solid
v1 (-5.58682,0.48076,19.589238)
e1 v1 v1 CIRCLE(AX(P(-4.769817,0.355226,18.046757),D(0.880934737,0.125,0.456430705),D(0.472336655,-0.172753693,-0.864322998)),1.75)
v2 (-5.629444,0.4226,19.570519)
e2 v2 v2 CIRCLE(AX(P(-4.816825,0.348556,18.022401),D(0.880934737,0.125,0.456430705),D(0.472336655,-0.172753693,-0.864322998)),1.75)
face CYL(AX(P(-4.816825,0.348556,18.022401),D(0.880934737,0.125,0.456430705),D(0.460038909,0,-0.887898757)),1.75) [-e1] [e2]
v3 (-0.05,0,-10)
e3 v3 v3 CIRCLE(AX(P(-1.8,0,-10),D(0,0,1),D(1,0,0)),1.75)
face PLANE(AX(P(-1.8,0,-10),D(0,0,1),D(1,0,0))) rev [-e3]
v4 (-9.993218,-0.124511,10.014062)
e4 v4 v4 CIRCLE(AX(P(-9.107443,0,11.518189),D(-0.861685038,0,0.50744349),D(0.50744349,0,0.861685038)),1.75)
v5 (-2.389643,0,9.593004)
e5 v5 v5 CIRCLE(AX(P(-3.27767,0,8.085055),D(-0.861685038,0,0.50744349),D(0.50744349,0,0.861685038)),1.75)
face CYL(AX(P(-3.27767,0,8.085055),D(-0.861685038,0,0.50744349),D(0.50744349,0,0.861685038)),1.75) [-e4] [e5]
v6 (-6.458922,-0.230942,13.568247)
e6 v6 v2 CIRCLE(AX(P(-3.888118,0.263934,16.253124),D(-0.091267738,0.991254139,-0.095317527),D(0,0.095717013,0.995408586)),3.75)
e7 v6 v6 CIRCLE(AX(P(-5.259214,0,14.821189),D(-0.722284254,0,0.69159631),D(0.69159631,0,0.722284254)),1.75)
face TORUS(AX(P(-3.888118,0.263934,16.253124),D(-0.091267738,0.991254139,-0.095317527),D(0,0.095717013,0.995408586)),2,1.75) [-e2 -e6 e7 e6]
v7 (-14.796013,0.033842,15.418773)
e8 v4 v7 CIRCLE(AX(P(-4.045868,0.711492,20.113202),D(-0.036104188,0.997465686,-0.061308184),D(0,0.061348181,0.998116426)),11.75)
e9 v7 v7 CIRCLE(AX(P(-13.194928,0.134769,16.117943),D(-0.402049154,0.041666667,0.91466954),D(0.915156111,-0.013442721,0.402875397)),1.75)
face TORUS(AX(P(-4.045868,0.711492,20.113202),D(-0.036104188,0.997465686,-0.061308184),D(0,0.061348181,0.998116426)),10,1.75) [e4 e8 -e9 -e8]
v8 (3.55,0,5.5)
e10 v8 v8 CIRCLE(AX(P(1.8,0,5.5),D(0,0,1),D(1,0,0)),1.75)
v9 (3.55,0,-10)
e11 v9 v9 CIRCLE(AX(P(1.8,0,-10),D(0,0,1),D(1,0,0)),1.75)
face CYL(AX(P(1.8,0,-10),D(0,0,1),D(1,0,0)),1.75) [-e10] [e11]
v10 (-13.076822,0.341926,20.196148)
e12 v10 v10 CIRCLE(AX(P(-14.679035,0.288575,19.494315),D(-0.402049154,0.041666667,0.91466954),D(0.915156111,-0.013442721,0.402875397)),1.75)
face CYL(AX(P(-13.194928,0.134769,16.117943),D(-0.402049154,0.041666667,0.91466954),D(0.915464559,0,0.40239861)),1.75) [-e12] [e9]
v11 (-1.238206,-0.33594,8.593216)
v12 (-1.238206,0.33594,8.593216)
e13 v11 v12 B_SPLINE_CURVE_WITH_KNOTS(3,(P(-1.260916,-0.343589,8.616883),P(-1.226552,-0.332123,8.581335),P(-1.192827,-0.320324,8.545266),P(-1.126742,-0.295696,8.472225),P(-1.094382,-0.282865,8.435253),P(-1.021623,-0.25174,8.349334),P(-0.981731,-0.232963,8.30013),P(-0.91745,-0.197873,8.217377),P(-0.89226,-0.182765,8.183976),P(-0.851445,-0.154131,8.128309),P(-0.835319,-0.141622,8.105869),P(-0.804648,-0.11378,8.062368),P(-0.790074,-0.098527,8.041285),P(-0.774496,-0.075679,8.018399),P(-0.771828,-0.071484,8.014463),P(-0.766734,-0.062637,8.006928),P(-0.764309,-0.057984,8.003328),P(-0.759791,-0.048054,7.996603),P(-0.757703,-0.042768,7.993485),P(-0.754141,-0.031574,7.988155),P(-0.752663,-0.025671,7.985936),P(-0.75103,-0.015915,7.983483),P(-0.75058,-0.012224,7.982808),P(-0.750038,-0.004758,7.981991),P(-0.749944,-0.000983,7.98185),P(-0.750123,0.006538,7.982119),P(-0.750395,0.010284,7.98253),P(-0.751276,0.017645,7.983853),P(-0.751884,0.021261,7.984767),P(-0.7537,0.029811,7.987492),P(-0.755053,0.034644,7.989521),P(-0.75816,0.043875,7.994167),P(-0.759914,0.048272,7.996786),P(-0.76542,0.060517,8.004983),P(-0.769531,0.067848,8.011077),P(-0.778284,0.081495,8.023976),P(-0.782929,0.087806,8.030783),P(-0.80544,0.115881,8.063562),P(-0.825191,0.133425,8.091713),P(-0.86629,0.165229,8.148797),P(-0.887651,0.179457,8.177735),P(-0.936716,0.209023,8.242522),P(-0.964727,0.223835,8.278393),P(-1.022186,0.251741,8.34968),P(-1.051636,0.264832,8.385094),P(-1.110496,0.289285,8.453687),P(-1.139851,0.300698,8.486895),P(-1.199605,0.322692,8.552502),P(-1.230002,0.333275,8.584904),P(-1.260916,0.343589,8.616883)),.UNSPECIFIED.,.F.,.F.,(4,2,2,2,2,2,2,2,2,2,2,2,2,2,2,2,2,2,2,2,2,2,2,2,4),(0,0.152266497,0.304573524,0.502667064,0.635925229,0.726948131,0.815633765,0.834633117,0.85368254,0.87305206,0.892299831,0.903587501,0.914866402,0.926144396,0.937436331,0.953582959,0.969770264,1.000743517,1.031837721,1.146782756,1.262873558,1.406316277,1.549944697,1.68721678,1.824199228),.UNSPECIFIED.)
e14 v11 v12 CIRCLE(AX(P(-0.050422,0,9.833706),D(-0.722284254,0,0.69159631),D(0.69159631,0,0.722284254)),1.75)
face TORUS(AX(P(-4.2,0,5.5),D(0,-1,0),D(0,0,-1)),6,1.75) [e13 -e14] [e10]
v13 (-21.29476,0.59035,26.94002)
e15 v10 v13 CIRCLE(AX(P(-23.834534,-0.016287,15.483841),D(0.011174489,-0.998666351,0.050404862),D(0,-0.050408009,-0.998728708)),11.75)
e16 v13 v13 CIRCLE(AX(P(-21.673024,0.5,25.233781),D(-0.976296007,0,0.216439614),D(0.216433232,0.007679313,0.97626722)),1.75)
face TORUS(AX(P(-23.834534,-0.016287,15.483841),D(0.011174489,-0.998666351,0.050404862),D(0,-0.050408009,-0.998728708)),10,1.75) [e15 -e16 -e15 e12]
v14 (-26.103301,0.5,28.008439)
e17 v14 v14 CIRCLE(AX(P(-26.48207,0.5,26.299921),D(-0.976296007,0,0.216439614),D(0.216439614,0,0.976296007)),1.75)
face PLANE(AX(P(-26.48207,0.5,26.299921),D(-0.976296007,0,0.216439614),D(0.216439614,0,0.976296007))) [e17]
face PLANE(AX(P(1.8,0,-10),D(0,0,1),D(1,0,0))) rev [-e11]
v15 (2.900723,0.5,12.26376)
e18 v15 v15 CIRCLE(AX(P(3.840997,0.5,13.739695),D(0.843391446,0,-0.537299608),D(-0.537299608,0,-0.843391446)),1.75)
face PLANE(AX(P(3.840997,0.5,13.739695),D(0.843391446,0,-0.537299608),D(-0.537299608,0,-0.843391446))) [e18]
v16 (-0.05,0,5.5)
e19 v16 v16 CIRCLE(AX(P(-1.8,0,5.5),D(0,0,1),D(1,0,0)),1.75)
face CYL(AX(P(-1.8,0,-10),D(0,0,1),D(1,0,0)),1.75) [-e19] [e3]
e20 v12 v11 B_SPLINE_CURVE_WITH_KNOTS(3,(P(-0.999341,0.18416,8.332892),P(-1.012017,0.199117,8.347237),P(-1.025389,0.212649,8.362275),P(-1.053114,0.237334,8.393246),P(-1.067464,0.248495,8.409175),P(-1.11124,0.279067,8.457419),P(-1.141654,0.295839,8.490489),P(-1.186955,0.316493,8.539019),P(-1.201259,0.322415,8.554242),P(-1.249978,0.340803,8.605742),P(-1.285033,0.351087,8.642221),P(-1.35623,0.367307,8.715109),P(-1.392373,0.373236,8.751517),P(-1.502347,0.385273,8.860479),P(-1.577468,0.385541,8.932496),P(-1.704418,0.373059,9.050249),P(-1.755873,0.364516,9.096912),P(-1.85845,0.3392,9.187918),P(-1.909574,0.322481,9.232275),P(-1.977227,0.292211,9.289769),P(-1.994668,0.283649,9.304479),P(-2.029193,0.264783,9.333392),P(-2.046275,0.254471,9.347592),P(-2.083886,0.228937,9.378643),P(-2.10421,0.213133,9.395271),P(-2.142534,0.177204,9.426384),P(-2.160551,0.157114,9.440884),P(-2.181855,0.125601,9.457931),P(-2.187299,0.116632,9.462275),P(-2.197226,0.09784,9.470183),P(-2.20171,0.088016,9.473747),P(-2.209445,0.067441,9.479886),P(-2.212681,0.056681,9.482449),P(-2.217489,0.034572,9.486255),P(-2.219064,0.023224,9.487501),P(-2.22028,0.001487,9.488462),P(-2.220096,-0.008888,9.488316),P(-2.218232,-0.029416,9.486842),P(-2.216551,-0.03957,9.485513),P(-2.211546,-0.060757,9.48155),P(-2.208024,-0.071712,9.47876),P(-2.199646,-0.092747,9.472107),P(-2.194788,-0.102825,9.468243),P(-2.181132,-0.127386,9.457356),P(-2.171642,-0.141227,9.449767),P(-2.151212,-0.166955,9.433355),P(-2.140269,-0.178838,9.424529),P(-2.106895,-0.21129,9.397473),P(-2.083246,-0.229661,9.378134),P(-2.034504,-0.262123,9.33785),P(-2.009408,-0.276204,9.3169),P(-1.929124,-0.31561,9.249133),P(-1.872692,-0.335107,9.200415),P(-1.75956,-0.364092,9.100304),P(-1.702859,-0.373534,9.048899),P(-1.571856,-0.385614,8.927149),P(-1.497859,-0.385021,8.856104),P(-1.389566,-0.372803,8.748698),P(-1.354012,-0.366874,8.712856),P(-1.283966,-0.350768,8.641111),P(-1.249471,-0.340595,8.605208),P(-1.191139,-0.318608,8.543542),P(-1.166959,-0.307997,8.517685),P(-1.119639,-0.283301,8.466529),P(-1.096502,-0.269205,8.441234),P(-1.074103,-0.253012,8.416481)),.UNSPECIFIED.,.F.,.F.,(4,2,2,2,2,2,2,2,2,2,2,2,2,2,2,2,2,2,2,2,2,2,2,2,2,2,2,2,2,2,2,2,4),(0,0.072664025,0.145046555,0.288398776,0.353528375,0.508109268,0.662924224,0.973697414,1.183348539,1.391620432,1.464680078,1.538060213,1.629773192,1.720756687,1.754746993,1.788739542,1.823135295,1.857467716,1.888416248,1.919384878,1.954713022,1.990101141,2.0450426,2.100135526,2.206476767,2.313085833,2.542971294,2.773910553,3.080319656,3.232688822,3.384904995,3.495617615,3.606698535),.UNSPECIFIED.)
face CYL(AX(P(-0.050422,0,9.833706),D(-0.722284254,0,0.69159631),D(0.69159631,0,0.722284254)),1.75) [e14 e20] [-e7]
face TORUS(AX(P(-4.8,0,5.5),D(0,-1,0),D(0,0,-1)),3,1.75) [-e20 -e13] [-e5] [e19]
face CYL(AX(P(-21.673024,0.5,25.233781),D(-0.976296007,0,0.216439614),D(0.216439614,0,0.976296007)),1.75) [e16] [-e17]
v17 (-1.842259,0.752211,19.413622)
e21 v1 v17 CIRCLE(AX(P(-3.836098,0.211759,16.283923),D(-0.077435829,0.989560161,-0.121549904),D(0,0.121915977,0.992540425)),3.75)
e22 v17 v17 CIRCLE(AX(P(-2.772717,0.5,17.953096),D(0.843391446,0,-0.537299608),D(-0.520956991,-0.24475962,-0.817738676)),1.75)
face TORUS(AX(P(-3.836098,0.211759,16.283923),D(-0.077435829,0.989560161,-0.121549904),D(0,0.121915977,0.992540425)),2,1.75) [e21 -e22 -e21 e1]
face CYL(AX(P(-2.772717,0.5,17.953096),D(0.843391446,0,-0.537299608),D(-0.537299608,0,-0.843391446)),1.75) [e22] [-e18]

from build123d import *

# Parameters (mm, degrees)
BOSS_EXTRU_1_DEPTH        = 5
BOSS_EXTRU_1_DEPTH_BACK   = 10
ESQUISSE1_R               = 1.75
BOSS_EXTRU_1_2_DEPTH      = 5
BOSS_EXTRU_1_2_DEPTH_BACK = 10
ESQUISSE2_R               = 1.75
ESQUISSE3_R               = 1.75
ENL_V_MAT_EXTRU_1_DEPTH   = 3
ESQUISSE4_R               = 1.75
ESQUISSE5_R               = 1.75
ENL_V_MAT_EXTRU_2_DEPTH   = 3


with BuildPart() as part:
    # Esquisse1 → Boss.-Extru.1 (new, two sides: drawn at the far end of the back side and taken through both)
    with BuildSketch(Plane.XY.offset(-BOSS_EXTRU_1_DEPTH_BACK)):
        with Locations((-1.8, 0)):
            Circle(ESQUISSE1_R)
    extrude(amount=BOSS_EXTRU_1_DEPTH + BOSS_EXTRU_1_DEPTH_BACK)



with BuildPart() as body_2:
    # Esquisse1 → Boss.-Extru.1 2 (new, two sides: drawn at the far end of the back side and taken through both)
    with BuildSketch(Plane.XY.offset(-BOSS_EXTRU_1_2_DEPTH_BACK)):
        with Locations((1.8, 0)):
            Circle(ESQUISSE1_R)
    extrude(amount=BOSS_EXTRU_1_2_DEPTH + BOSS_EXTRU_1_2_DEPTH_BACK)

    # Balayage1: sweep along a curve in space
    with BuildLine() as balayage1_path:
        Line((1.8, 0, 5.5), (1.8, 0, 5))
        ThreePointArc((-0.050422137, 0, 9.833705523), (1.318037114, 0, 7.856112563), (1.8, 0, 5.5))
        Line((-0.050422137, 0, 9.833705523), (-5.259213711, 0, 14.821189351))
        ThreePointArc((-4.816825334, 0.348555806, 18.022401208), (-5.861081542, 0.11010529, 16.542524811), (-5.259213711, 0, 14.821189351))
        Line((-4.816825334, 0.348555806, 18.022401208), (-4.769816548, 0.355226106, 18.046757443))
        ThreePointArc((-2.772717213, 0.5, 17.953095794), (-3.761180865, 0.461194336, 18.266892532), (-4.769816548, 0.355226106, 18.046757443))
        Line((6.371171623, 0.5, 12.127796149), (-2.772717213, 0.5, 17.953095794))
    # Esquisse2 → Balayage1 (sweep)
    with BuildSketch(Plane.XY.offset(5)):
        with Locations((1.8, 0)):
            Circle(ESQUISSE2_R)
    sweep(path=balayage1_path.line)

    # Esquisse3 → Enlèv. mat.-Extru.1 (cut)
    with BuildSketch(Plane(origin=(-0.963885494, 0, 0.614062783), x_dir=(-0.5372996083468307, 1.153766929709301e-15, -0.8433914458128813), z_dir=(0.8433914458128813, -1.8110513089197862e-15, -0.5372996083468307))):
        with Locations((-13.651707546, 0.5)):
            Circle(ESQUISSE3_R)
    extrude(amount=-ENL_V_MAT_EXTRU_1_DEPTH, mode=Mode.SUBTRACT)


with BuildPart() as part_1:
    add(part.part)

    add(body_2.part)  # Balayage2 merges body 2
    # Balayage2: sweep along a curve in space
    with BuildLine() as balayage2_path:
        Line((-1.8, 0, 5), (-1.8, 0, 5.5))
        ThreePointArc((-3.277669531, 0, 8.085055114), (-2.195485515, 0, 6.988792899), (-1.8, 0, 5.5))
        Line((-3.277669531, 0, 8.085055114), (-9.10744265, 0, 11.518189362))
        ThreePointArc((-13.19492784, 0.134768754, 16.117942999), (-11.513609411, 0.034530095, 13.496967314), (-9.10744265, 0, 11.518189362))
        Line((-14.679034762, 0.288575292, 19.494314724), (-13.19492784, 0.134768754, 16.117942999))
        ThreePointArc((-21.673024109, 0.5, 25.233780857), (-17.489247519, 0.444119723, 23.199109722), (-14.679034762, 0.288575292, 19.494314724))
        Line((-29.410957851, 0.5, 26.949239467), (-21.673024109, 0.5, 25.233780857))
    # Esquisse4 → Balayage2 (sweep)
    with BuildSketch(Plane.XY.offset(5)):
        with Locations((-1.8, 0)):
            Circle(ESQUISSE4_R)
    sweep(path=balayage2_path.line)

    # Esquisse5 → Enlèv. mat.-Extru.2 (cut)
    with BuildSketch(Plane(origin=(-33.727789357, 0, 7.477270883), x_dir=(0.21643961393810765, 0, 0.9762960071199323), z_dir=(-0.9762960071199324, 0, 0.21643961393810768))):
        with Locations((19.944738524, 0.5)):
            Circle(ESQUISSE5_R)
    extrude(amount=-ENL_V_MAT_EXTRU_2_DEPTH, mode=Mode.SUBTRACT)


solid = part_1.part
